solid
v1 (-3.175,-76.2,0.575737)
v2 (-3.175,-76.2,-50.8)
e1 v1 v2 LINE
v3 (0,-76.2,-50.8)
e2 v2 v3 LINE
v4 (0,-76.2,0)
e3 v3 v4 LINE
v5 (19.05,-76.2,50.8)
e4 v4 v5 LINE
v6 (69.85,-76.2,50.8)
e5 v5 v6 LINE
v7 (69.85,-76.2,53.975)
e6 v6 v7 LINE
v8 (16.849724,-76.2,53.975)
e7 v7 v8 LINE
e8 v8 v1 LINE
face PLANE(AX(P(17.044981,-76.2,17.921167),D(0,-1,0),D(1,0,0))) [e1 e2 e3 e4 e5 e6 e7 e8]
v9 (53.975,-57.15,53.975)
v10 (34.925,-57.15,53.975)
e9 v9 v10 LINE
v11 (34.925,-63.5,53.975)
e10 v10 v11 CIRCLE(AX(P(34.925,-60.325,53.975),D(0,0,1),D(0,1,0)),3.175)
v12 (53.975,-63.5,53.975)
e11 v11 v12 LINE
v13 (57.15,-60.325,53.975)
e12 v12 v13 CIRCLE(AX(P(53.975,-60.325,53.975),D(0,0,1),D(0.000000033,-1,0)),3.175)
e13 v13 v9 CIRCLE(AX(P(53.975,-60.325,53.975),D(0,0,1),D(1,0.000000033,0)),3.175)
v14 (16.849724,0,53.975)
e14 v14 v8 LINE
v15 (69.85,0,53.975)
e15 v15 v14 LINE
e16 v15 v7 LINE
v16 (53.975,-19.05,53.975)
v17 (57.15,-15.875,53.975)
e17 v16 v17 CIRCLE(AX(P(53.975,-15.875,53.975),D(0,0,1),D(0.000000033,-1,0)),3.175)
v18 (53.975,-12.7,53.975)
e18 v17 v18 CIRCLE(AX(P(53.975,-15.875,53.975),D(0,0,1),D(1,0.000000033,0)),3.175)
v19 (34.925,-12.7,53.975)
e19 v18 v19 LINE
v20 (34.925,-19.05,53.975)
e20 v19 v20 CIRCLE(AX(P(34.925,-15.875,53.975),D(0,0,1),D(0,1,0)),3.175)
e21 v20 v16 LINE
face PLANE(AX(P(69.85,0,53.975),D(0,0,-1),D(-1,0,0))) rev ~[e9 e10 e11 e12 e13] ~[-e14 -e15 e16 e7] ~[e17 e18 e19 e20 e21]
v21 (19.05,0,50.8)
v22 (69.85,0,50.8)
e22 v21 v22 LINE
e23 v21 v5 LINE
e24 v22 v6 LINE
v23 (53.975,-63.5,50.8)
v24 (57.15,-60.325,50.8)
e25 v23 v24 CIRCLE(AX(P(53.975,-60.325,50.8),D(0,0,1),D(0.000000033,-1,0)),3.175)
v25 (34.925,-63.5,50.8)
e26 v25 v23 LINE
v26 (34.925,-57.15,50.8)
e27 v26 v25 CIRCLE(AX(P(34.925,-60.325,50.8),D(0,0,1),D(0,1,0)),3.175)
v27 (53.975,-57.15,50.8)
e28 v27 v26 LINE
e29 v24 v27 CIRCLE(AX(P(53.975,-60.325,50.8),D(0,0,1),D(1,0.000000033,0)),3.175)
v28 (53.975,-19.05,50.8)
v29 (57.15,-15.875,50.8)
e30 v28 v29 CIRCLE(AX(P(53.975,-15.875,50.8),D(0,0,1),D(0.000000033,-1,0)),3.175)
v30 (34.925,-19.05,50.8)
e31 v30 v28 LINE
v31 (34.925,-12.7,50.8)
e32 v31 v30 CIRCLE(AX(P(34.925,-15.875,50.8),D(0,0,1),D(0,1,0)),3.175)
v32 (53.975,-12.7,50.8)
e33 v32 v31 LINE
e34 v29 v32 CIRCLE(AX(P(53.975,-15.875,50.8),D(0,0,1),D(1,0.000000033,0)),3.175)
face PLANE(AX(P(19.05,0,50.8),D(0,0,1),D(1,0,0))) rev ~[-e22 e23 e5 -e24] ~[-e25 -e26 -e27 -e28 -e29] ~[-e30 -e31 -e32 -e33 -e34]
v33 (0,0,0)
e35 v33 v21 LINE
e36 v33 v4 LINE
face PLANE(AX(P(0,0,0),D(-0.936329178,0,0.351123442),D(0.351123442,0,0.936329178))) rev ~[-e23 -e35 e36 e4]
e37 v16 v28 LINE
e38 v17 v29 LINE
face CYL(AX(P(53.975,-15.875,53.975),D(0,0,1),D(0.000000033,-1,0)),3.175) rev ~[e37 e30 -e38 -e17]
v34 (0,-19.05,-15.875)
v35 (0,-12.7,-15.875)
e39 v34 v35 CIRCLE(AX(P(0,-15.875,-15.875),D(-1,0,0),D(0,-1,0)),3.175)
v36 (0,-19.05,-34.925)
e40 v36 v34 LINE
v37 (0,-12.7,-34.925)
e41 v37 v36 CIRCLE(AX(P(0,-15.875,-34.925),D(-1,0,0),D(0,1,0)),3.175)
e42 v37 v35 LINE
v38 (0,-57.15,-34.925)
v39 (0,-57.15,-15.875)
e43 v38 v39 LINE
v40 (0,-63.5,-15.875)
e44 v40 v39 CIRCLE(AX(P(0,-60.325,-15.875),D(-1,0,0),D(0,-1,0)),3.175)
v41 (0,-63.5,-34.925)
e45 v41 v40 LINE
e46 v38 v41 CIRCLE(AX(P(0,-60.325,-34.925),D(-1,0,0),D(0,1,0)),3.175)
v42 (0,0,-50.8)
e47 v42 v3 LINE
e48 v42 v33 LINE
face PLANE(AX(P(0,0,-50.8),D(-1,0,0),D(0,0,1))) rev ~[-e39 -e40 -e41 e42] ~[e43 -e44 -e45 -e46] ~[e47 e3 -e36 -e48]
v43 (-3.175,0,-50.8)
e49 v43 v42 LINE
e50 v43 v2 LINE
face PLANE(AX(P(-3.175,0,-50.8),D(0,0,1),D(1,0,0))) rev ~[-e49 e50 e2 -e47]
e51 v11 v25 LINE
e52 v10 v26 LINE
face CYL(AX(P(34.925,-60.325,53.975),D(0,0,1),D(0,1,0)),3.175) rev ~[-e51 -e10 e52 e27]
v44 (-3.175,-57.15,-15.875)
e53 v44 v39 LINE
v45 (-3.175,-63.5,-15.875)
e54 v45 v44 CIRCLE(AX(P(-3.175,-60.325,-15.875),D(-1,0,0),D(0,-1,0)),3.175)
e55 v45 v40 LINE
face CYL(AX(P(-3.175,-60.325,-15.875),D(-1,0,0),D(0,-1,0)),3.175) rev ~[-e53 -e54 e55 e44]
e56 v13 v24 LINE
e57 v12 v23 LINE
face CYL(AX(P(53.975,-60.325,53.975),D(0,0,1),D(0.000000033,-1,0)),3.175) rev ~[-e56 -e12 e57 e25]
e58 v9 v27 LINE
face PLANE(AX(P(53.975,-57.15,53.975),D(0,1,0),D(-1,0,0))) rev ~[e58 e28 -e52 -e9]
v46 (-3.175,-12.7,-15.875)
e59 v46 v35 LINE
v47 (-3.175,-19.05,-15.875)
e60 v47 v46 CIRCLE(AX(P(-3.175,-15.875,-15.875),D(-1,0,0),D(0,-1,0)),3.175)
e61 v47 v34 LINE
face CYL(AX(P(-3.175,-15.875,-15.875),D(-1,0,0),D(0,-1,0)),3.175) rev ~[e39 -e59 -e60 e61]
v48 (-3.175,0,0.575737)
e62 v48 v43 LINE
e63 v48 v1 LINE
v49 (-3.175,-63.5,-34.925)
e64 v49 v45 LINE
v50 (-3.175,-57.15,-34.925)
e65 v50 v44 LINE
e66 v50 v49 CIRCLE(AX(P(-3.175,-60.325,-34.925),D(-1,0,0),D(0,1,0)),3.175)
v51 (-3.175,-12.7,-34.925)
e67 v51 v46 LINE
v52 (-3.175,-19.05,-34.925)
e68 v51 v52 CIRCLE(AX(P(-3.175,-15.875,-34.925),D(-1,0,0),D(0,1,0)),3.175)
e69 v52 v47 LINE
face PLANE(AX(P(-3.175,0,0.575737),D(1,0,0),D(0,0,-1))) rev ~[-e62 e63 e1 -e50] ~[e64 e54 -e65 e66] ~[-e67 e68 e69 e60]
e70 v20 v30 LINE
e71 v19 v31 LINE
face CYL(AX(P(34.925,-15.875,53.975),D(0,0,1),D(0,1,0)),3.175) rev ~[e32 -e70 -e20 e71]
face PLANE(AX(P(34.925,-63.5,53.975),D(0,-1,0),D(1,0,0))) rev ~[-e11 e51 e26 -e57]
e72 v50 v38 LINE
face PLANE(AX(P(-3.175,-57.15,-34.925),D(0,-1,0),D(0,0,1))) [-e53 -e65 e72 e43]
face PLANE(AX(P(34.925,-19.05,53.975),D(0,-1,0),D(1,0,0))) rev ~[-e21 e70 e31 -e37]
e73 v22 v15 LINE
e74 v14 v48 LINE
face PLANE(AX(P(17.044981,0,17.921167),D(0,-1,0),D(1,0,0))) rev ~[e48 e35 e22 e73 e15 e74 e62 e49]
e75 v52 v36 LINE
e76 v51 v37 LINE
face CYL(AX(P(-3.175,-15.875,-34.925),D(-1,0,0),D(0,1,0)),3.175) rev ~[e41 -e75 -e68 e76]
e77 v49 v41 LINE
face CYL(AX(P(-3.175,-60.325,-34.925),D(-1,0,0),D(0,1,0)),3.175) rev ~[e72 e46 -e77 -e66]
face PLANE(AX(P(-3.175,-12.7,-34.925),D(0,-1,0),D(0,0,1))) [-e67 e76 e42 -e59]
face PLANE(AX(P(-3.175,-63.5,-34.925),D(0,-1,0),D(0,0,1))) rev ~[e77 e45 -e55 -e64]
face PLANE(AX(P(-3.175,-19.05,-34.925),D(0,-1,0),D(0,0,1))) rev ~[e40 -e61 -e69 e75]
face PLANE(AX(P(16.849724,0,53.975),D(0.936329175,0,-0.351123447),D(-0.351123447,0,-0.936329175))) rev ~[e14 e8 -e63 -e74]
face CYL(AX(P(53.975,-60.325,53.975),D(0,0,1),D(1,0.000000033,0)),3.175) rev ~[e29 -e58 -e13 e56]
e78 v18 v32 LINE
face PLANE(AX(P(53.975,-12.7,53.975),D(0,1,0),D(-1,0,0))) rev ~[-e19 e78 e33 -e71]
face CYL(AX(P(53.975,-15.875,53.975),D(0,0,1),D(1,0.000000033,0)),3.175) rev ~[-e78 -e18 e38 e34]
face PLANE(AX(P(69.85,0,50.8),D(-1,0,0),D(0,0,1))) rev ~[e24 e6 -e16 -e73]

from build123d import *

# Parameters (mm, degrees)
F1_DEPTH = 76.2
F3_DEPTH = 104.776
F4_DEPTH = 104.776
F5_W     = 6.35
F5_H     = 19.05
F6_DEPTH = 73.026
F7_W     = 6.35
F7_H     = 19.05
F8_DEPTH = 73.026


with BuildPart() as f1:
    # F0 (on Front) → F1 (new body)
    with BuildSketch(Plane.XZ):
        Polygon((0, -50.8), (0, 0), (19.05, 50.8), (69.85, 50.8), (69.85, 53.975), (16.849724, 53.975), (-3.175, 0.575737), (-3.175, -50.8), align=None)
    extrude(amount=F1_DEPTH)

    # F2 (on face) → F3 (cut, through all)
    with BuildSketch(Plane.XY.offset(53.975)):
        with BuildLine():
            ThreePointArc((53.975, -19.05), (56.220064, -18.120064), (57.15, -15.875))
            ThreePointArc((57.15, -15.875), (56.220064, -13.629936), (53.975, -12.7))
            ThreePointArc((53.975, -12.7), (50.8, -15.875), (53.975, -19.05))
        make_face()
        with BuildLine():
            ThreePointArc((53.975, -19.05), (50.8, -15.875), (53.975, -12.7))
            Line((53.975, -12.7), (34.925, -12.7))
            ThreePointArc((34.925, -12.7), (37.170064, -13.629936), (38.1, -15.875))
            ThreePointArc((38.1, -15.875), (37.170064, -18.120064), (34.925, -19.05))
            Line((34.925, -19.05), (53.975, -19.05))
        make_face()
        with BuildLine():
            ThreePointArc((38.1, -15.875), (37.170064, -13.629936), (34.925, -12.7))
            ThreePointArc((34.925, -12.7), (31.75, -15.875), (34.925, -19.05))
            ThreePointArc((34.925, -19.05), (37.170064, -18.120064), (38.1, -15.875))
        make_face()
    extrude(amount=-F3_DEPTH, mode=Mode.SUBTRACT)

    # F2 (on face) → F4 (cut, through all)
    with BuildSketch(Plane.XY.offset(53.975)):
        with BuildLine():
            ThreePointArc((38.1, -60.325), (37.170064, -58.079936), (34.925, -57.15))
            ThreePointArc((34.925, -57.15), (31.75, -60.325), (34.925, -63.5))
            ThreePointArc((34.925, -63.5), (37.170064, -62.570064), (38.1, -60.325))
        make_face()
        with BuildLine():
            ThreePointArc((53.975, -63.5), (56.220064, -62.570064), (57.15, -60.325))
            ThreePointArc((57.15, -60.325), (56.220064, -58.079936), (53.975, -57.15))
            ThreePointArc((53.975, -57.15), (50.8, -60.325), (53.975, -63.5))
        make_face()
        with BuildLine():
            ThreePointArc((53.975, -63.5), (50.8, -60.325), (53.975, -57.15))
            Line((53.975, -57.15), (34.925, -57.15))
            ThreePointArc((34.925, -57.15), (37.170064, -58.079936), (38.1, -60.325))
            ThreePointArc((38.1, -60.325), (37.170064, -62.570064), (34.925, -63.5))
            Line((34.925, -63.5), (53.975, -63.5))
        make_face()
    extrude(amount=-F4_DEPTH, mode=Mode.SUBTRACT)

    # F5 (on face) → F6 (cut, through all)
    with BuildSketch(Plane(origin=(-3.175, 0, 0), x_dir=(0, -1, 0), z_dir=(-1, 0, 0))):
        with BuildLine():
            Line((19.05, -34.925), (12.7, -34.925))
            ThreePointArc((12.7, -34.925), (15.875, -38.1), (19.05, -34.925))
        make_face()
        with BuildLine():
            ThreePointArc((19.05, -15.875), (15.875, -12.7), (12.7, -15.875))
            Line((12.7, -15.875), (19.05, -15.875))
        make_face()
        with Locations((15.875, -25.4)):
            Rectangle(F5_W, F5_H)
    extrude(amount=-F6_DEPTH, mode=Mode.SUBTRACT)

    # F7 (on face) → F8 (cut, through all)
    with BuildSketch(Plane(origin=(-3.175, 0, 0), x_dir=(0, -1, 0), z_dir=(-1, 0, 0))):
        with BuildLine():
            Line((57.15, -15.875), (63.5, -15.875))
            ThreePointArc((63.5, -15.875), (60.325, -12.7), (57.15, -15.875))
        make_face()
        with BuildLine():
            ThreePointArc((57.15, -34.925), (60.325, -38.1), (63.5, -34.925))
            Line((63.5, -34.925), (57.15, -34.925))
        make_face()
        with Locations((60.325, -25.4)):
            Rectangle(F7_W, F7_H)
    extrude(amount=-F8_DEPTH, mode=Mode.SUBTRACT)


solid = f1.part
